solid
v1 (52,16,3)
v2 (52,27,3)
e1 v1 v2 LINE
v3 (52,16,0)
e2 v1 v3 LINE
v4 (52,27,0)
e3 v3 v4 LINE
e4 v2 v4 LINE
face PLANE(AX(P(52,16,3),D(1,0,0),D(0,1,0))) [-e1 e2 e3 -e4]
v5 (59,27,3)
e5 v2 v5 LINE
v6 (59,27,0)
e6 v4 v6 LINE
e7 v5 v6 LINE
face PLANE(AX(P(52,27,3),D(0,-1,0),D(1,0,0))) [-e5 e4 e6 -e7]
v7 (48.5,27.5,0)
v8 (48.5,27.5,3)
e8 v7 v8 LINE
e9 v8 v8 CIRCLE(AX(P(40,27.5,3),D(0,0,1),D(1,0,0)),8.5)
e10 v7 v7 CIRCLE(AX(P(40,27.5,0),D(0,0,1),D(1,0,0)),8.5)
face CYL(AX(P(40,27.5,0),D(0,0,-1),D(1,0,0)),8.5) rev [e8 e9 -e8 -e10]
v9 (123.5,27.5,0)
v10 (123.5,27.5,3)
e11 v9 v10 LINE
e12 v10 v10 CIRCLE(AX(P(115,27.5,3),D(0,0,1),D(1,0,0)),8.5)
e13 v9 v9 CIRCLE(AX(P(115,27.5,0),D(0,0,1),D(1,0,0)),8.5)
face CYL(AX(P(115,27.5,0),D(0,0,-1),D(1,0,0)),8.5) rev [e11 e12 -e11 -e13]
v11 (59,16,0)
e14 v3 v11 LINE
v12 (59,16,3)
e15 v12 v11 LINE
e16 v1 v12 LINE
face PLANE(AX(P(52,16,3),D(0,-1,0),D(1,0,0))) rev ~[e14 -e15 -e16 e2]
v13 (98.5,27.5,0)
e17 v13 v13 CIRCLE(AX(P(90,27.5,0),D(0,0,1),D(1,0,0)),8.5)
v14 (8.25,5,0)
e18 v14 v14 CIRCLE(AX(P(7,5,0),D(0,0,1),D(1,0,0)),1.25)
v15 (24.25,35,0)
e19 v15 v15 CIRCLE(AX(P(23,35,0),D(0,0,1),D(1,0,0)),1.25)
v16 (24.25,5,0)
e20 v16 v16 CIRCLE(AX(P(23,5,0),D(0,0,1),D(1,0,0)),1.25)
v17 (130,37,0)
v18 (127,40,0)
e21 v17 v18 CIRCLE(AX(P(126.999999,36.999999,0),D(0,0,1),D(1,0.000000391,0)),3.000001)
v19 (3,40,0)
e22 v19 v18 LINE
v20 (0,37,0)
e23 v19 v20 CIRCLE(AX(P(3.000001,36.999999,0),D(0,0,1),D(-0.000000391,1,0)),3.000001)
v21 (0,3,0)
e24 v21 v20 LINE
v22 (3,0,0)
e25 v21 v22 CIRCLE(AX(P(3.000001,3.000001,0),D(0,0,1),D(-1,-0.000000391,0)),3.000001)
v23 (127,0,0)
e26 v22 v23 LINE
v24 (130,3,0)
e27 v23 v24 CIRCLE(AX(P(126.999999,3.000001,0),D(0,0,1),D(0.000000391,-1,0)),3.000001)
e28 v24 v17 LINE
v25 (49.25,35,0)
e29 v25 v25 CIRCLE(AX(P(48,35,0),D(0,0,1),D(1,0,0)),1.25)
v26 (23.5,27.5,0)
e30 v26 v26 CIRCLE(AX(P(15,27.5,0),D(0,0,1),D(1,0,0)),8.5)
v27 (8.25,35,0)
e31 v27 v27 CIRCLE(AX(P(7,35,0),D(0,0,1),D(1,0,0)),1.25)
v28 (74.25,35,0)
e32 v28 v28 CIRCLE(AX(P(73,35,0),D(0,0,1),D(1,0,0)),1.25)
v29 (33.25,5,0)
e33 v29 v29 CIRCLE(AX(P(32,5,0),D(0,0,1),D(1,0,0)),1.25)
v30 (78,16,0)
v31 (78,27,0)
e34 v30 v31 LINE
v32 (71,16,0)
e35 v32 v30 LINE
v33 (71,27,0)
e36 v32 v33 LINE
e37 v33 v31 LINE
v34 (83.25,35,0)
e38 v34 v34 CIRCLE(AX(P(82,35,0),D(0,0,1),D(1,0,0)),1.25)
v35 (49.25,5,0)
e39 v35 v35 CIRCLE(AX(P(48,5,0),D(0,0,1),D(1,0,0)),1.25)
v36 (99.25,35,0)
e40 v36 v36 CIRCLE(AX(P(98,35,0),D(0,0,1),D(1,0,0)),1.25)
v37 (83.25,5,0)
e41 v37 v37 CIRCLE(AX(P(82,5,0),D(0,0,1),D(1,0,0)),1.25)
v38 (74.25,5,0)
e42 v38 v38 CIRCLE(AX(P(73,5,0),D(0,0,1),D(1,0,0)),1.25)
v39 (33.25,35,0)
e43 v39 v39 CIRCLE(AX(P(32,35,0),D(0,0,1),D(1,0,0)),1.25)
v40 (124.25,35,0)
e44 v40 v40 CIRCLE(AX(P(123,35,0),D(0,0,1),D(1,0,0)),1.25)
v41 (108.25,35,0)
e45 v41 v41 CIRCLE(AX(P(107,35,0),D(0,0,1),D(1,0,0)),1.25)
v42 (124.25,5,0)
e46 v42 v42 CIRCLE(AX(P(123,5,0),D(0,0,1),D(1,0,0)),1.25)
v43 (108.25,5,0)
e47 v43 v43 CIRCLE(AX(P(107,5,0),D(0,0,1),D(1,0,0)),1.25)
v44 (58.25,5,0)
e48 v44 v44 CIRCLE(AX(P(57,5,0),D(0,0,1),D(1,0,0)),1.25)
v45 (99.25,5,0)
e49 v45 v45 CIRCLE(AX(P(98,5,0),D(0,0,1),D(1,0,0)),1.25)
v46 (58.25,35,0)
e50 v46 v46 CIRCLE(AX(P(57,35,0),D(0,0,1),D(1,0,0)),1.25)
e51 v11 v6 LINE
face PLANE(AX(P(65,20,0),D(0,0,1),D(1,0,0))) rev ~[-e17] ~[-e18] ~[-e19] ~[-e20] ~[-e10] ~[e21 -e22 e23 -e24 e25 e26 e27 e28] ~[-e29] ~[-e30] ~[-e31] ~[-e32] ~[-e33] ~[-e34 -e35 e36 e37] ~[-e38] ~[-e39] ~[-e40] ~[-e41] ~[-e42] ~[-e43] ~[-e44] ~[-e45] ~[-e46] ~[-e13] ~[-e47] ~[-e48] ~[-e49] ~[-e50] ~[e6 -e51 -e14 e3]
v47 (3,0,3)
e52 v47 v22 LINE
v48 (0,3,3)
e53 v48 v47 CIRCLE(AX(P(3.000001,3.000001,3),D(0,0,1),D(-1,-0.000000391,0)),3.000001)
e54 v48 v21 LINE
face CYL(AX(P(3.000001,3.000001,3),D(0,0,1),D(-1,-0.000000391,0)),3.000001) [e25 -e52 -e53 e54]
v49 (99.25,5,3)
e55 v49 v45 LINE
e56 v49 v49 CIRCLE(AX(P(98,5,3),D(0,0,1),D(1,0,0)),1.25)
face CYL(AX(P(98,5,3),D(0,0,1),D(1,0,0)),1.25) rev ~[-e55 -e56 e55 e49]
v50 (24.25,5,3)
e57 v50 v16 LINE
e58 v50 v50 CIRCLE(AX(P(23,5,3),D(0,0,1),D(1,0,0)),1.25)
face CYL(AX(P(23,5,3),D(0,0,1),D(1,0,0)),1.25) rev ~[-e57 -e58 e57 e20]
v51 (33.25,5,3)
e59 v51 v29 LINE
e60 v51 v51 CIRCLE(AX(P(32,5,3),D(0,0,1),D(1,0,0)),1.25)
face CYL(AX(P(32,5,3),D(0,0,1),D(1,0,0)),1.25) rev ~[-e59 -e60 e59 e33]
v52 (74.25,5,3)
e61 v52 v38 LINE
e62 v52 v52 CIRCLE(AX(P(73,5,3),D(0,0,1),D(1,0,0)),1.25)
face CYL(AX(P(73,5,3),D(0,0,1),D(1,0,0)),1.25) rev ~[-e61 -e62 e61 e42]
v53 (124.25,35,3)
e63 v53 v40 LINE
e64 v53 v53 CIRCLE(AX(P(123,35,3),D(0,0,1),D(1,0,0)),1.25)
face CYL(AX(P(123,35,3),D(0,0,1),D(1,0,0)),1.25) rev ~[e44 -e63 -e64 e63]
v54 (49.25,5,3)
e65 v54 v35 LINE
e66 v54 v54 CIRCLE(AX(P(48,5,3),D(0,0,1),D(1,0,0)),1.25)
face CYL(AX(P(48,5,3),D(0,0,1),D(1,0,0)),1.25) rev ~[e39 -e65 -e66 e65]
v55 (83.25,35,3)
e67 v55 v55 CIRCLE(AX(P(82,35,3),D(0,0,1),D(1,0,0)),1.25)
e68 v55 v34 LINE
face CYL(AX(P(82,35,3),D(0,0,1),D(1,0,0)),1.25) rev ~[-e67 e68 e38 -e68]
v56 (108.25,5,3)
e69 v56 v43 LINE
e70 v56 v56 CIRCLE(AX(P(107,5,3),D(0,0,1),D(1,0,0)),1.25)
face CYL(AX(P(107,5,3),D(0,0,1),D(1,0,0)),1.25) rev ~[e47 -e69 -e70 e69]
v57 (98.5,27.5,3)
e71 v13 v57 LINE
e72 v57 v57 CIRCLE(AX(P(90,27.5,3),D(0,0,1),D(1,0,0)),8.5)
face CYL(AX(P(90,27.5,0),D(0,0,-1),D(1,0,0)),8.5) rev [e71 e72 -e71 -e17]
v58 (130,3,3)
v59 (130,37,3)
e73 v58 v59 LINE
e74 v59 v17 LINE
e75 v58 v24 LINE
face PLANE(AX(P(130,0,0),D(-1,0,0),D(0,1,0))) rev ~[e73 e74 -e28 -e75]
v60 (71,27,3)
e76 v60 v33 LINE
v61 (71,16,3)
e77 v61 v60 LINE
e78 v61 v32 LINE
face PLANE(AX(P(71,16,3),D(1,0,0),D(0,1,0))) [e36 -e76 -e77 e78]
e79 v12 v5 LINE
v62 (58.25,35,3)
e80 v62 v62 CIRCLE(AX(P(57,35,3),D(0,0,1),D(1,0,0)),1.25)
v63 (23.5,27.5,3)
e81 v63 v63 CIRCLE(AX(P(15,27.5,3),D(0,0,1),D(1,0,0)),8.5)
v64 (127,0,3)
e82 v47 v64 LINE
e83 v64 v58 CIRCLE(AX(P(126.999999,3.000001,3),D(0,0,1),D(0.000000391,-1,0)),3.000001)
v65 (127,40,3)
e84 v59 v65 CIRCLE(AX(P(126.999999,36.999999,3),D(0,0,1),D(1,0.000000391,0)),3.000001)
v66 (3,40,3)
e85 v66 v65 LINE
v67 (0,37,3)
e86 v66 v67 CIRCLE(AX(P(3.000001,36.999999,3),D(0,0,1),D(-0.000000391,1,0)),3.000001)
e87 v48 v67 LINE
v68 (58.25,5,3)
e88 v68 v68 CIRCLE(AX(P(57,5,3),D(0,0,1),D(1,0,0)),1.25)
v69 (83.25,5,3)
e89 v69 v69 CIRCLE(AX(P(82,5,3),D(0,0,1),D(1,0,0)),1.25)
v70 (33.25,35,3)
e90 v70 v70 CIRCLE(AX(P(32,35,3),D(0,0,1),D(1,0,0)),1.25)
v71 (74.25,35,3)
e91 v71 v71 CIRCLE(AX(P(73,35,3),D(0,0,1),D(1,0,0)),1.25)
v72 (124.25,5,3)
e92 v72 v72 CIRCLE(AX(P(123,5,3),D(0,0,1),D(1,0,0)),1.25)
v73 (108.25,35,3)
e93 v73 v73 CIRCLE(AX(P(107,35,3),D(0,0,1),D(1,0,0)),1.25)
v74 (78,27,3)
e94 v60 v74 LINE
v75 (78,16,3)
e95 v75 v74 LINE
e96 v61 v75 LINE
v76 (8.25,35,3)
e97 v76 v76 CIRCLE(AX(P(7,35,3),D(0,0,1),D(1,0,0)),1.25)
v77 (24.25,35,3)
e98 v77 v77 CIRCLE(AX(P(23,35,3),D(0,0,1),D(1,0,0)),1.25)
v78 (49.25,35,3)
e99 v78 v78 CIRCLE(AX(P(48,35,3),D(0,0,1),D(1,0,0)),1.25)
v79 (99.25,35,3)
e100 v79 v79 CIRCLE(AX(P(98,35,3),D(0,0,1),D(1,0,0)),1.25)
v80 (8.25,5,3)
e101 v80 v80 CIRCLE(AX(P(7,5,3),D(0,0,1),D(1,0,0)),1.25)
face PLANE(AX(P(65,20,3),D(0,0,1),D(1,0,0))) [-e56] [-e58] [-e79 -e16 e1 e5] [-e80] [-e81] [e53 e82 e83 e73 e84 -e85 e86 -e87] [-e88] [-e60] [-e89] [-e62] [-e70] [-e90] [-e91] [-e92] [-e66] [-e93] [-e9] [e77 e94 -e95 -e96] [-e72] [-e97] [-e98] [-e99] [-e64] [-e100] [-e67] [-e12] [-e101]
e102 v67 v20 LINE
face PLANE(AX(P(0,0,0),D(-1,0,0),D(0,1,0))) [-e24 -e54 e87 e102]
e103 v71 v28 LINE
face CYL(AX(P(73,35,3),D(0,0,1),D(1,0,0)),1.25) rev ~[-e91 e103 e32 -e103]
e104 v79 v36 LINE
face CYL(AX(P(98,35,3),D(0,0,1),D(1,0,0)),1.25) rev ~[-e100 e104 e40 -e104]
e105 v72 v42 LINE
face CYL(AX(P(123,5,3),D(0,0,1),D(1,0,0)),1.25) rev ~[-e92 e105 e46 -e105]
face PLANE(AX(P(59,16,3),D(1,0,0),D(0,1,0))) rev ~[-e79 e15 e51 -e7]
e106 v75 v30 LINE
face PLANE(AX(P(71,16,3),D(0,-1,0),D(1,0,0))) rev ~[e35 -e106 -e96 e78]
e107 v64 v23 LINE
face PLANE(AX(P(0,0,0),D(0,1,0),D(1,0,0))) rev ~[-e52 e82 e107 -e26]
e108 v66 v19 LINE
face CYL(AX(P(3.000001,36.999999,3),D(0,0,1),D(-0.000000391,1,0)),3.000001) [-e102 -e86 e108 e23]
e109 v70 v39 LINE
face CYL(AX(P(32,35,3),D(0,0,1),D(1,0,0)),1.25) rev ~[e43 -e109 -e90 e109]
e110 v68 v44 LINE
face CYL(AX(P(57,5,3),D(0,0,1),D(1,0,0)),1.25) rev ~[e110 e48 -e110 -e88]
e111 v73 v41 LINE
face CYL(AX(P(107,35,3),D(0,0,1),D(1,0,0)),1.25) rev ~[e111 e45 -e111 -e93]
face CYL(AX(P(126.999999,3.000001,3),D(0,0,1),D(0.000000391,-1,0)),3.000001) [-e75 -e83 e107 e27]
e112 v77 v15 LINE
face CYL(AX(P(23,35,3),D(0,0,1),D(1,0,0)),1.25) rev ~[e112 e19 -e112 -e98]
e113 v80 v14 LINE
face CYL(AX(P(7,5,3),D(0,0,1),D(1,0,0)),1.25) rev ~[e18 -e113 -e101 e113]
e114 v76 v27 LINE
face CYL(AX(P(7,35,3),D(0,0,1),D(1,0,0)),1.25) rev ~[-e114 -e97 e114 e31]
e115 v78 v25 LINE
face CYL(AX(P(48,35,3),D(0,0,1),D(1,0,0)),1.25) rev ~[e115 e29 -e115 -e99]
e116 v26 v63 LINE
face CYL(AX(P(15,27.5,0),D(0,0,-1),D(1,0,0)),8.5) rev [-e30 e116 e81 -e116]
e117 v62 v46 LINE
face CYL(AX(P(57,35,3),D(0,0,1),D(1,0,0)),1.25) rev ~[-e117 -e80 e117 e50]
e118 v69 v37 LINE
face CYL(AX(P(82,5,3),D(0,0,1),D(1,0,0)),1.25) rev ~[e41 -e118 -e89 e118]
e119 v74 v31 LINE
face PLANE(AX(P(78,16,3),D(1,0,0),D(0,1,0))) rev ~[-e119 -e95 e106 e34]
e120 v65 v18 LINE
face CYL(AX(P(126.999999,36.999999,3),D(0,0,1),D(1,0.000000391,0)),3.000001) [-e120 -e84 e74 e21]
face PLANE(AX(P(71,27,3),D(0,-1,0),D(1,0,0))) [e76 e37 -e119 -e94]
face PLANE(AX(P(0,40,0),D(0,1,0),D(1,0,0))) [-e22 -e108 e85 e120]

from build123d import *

# Parameters (mm, degrees)
SKETCH_W        = 130
SKETCH_H        = 40
SKETCH_R        = 8.5
PAD_DEPTH       = 3
SKETCH001_R     = 1.25
POCKET_DEPTH    = 5
SKETCH002_W     = 7
SKETCH002_H     = 11
POCKET001_DEPTH = 5
POCKET002_DEPTH = 5


with BuildPart() as part:
    # Sketch → Pad (new body)
    with BuildSketch(Plane.XY):
        with Locations((65, 20)):
            Rectangle(SKETCH_W, SKETCH_H)
        with Locations((40, 27.5)):
            Circle(SKETCH_R, mode=Mode.SUBTRACT)
        with Locations((90, 27.5)):
            Circle(SKETCH_R, mode=Mode.SUBTRACT)
        with Locations((15, 27.5)):
            Circle(SKETCH_R, mode=Mode.SUBTRACT)
        with Locations((115, 27.5)):
            Circle(SKETCH_R, mode=Mode.SUBTRACT)
    extrude(amount=PAD_DEPTH)

    # Sketch001 (on Face10 of Pad) → Pocket (cut)
    with BuildSketch(Plane.XY.offset(3)):
        with Locations((7, 35)):
            Circle(SKETCH001_R)
        with Locations((23, 35)):
            Circle(SKETCH001_R)
        with Locations((23, 5)):
            Circle(SKETCH001_R)
        with Locations((7, 5)):
            Circle(SKETCH001_R)
        with Locations((107, 35)):
            Circle(SKETCH001_R)
        with Locations((123, 35)):
            Circle(SKETCH001_R)
        with Locations((123, 5)):
            Circle(SKETCH001_R)
        with Locations((107, 5)):
            Circle(SKETCH001_R)
        with Locations((57, 35)):
            Circle(SKETCH001_R)
        with Locations((73, 35)):
            Circle(SKETCH001_R)
        with Locations((57, 5)):
            Circle(SKETCH001_R)
        with Locations((73, 5)):
            Circle(SKETCH001_R)
        with Locations((32, 35)):
            Circle(SKETCH001_R)
        with Locations((48, 35)):
            Circle(SKETCH001_R)
        with Locations((32, 5)):
            Circle(SKETCH001_R)
        with Locations((48, 5)):
            Circle(SKETCH001_R)
        with Locations((82, 35)):
            Circle(SKETCH001_R)
        with Locations((98, 35)):
            Circle(SKETCH001_R)
        with Locations((98, 5)):
            Circle(SKETCH001_R)
        with Locations((82, 5)):
            Circle(SKETCH001_R)
    extrude(amount=-POCKET_DEPTH, mode=Mode.SUBTRACT)

    # Sketch002 (on Face5 of Pocket) → Pocket001 (cut)
    with BuildSketch(Plane.XY.offset(3)):
        with Locations((74.5, 21.5)):
            Rectangle(SKETCH002_W, SKETCH002_H)
        with Locations((55.5, 21.5)):
            Rectangle(SKETCH002_W, SKETCH002_H)
    extrude(amount=-POCKET001_DEPTH, mode=Mode.SUBTRACT)

    # Sketch003 (on Face5 of Pocket001) → Pocket002 (cut)
    with BuildSketch(Plane.XY.offset(3)):
        with BuildLine():
            ThreePointArc((3, 40), (0.87868, 39.12132), (0, 37))
            Line((0, 37), (-3, 37))
            Line((-3, 43), (-3, 37))
            Line((3, 43), (-3, 43))
            Line((3, 40), (3, 43))
        make_face()
        with BuildLine():
            ThreePointArc((0, 3), (0.87868, 0.87868), (3, 0))
            Line((3, 0), (3, -3))
            Line((3, -3), (-3, -3))
            Line((-3, -3), (-3, 3))
            Line((0, 3), (-3, 3))
        make_face()
        with BuildLine():
            ThreePointArc((127, 0), (129.12132, 0.87868), (130, 3))
            Line((130, 3), (133, 3))
            Line((133, 3), (133, -3))
            Line((127, -3), (133, -3))
            Line((127, 0), (127, -3))
        make_face()
        with BuildLine():
            ThreePointArc((130, 37), (129.12132, 39.12132), (127, 40))
            Line((127, 40), (127, 43))
            Line((127, 43), (133, 43))
            Line((133, 37), (133, 43))
            Line((130, 37), (133, 37))
        make_face()
    extrude(amount=-POCKET002_DEPTH, mode=Mode.SUBTRACT)


solid = part.part
